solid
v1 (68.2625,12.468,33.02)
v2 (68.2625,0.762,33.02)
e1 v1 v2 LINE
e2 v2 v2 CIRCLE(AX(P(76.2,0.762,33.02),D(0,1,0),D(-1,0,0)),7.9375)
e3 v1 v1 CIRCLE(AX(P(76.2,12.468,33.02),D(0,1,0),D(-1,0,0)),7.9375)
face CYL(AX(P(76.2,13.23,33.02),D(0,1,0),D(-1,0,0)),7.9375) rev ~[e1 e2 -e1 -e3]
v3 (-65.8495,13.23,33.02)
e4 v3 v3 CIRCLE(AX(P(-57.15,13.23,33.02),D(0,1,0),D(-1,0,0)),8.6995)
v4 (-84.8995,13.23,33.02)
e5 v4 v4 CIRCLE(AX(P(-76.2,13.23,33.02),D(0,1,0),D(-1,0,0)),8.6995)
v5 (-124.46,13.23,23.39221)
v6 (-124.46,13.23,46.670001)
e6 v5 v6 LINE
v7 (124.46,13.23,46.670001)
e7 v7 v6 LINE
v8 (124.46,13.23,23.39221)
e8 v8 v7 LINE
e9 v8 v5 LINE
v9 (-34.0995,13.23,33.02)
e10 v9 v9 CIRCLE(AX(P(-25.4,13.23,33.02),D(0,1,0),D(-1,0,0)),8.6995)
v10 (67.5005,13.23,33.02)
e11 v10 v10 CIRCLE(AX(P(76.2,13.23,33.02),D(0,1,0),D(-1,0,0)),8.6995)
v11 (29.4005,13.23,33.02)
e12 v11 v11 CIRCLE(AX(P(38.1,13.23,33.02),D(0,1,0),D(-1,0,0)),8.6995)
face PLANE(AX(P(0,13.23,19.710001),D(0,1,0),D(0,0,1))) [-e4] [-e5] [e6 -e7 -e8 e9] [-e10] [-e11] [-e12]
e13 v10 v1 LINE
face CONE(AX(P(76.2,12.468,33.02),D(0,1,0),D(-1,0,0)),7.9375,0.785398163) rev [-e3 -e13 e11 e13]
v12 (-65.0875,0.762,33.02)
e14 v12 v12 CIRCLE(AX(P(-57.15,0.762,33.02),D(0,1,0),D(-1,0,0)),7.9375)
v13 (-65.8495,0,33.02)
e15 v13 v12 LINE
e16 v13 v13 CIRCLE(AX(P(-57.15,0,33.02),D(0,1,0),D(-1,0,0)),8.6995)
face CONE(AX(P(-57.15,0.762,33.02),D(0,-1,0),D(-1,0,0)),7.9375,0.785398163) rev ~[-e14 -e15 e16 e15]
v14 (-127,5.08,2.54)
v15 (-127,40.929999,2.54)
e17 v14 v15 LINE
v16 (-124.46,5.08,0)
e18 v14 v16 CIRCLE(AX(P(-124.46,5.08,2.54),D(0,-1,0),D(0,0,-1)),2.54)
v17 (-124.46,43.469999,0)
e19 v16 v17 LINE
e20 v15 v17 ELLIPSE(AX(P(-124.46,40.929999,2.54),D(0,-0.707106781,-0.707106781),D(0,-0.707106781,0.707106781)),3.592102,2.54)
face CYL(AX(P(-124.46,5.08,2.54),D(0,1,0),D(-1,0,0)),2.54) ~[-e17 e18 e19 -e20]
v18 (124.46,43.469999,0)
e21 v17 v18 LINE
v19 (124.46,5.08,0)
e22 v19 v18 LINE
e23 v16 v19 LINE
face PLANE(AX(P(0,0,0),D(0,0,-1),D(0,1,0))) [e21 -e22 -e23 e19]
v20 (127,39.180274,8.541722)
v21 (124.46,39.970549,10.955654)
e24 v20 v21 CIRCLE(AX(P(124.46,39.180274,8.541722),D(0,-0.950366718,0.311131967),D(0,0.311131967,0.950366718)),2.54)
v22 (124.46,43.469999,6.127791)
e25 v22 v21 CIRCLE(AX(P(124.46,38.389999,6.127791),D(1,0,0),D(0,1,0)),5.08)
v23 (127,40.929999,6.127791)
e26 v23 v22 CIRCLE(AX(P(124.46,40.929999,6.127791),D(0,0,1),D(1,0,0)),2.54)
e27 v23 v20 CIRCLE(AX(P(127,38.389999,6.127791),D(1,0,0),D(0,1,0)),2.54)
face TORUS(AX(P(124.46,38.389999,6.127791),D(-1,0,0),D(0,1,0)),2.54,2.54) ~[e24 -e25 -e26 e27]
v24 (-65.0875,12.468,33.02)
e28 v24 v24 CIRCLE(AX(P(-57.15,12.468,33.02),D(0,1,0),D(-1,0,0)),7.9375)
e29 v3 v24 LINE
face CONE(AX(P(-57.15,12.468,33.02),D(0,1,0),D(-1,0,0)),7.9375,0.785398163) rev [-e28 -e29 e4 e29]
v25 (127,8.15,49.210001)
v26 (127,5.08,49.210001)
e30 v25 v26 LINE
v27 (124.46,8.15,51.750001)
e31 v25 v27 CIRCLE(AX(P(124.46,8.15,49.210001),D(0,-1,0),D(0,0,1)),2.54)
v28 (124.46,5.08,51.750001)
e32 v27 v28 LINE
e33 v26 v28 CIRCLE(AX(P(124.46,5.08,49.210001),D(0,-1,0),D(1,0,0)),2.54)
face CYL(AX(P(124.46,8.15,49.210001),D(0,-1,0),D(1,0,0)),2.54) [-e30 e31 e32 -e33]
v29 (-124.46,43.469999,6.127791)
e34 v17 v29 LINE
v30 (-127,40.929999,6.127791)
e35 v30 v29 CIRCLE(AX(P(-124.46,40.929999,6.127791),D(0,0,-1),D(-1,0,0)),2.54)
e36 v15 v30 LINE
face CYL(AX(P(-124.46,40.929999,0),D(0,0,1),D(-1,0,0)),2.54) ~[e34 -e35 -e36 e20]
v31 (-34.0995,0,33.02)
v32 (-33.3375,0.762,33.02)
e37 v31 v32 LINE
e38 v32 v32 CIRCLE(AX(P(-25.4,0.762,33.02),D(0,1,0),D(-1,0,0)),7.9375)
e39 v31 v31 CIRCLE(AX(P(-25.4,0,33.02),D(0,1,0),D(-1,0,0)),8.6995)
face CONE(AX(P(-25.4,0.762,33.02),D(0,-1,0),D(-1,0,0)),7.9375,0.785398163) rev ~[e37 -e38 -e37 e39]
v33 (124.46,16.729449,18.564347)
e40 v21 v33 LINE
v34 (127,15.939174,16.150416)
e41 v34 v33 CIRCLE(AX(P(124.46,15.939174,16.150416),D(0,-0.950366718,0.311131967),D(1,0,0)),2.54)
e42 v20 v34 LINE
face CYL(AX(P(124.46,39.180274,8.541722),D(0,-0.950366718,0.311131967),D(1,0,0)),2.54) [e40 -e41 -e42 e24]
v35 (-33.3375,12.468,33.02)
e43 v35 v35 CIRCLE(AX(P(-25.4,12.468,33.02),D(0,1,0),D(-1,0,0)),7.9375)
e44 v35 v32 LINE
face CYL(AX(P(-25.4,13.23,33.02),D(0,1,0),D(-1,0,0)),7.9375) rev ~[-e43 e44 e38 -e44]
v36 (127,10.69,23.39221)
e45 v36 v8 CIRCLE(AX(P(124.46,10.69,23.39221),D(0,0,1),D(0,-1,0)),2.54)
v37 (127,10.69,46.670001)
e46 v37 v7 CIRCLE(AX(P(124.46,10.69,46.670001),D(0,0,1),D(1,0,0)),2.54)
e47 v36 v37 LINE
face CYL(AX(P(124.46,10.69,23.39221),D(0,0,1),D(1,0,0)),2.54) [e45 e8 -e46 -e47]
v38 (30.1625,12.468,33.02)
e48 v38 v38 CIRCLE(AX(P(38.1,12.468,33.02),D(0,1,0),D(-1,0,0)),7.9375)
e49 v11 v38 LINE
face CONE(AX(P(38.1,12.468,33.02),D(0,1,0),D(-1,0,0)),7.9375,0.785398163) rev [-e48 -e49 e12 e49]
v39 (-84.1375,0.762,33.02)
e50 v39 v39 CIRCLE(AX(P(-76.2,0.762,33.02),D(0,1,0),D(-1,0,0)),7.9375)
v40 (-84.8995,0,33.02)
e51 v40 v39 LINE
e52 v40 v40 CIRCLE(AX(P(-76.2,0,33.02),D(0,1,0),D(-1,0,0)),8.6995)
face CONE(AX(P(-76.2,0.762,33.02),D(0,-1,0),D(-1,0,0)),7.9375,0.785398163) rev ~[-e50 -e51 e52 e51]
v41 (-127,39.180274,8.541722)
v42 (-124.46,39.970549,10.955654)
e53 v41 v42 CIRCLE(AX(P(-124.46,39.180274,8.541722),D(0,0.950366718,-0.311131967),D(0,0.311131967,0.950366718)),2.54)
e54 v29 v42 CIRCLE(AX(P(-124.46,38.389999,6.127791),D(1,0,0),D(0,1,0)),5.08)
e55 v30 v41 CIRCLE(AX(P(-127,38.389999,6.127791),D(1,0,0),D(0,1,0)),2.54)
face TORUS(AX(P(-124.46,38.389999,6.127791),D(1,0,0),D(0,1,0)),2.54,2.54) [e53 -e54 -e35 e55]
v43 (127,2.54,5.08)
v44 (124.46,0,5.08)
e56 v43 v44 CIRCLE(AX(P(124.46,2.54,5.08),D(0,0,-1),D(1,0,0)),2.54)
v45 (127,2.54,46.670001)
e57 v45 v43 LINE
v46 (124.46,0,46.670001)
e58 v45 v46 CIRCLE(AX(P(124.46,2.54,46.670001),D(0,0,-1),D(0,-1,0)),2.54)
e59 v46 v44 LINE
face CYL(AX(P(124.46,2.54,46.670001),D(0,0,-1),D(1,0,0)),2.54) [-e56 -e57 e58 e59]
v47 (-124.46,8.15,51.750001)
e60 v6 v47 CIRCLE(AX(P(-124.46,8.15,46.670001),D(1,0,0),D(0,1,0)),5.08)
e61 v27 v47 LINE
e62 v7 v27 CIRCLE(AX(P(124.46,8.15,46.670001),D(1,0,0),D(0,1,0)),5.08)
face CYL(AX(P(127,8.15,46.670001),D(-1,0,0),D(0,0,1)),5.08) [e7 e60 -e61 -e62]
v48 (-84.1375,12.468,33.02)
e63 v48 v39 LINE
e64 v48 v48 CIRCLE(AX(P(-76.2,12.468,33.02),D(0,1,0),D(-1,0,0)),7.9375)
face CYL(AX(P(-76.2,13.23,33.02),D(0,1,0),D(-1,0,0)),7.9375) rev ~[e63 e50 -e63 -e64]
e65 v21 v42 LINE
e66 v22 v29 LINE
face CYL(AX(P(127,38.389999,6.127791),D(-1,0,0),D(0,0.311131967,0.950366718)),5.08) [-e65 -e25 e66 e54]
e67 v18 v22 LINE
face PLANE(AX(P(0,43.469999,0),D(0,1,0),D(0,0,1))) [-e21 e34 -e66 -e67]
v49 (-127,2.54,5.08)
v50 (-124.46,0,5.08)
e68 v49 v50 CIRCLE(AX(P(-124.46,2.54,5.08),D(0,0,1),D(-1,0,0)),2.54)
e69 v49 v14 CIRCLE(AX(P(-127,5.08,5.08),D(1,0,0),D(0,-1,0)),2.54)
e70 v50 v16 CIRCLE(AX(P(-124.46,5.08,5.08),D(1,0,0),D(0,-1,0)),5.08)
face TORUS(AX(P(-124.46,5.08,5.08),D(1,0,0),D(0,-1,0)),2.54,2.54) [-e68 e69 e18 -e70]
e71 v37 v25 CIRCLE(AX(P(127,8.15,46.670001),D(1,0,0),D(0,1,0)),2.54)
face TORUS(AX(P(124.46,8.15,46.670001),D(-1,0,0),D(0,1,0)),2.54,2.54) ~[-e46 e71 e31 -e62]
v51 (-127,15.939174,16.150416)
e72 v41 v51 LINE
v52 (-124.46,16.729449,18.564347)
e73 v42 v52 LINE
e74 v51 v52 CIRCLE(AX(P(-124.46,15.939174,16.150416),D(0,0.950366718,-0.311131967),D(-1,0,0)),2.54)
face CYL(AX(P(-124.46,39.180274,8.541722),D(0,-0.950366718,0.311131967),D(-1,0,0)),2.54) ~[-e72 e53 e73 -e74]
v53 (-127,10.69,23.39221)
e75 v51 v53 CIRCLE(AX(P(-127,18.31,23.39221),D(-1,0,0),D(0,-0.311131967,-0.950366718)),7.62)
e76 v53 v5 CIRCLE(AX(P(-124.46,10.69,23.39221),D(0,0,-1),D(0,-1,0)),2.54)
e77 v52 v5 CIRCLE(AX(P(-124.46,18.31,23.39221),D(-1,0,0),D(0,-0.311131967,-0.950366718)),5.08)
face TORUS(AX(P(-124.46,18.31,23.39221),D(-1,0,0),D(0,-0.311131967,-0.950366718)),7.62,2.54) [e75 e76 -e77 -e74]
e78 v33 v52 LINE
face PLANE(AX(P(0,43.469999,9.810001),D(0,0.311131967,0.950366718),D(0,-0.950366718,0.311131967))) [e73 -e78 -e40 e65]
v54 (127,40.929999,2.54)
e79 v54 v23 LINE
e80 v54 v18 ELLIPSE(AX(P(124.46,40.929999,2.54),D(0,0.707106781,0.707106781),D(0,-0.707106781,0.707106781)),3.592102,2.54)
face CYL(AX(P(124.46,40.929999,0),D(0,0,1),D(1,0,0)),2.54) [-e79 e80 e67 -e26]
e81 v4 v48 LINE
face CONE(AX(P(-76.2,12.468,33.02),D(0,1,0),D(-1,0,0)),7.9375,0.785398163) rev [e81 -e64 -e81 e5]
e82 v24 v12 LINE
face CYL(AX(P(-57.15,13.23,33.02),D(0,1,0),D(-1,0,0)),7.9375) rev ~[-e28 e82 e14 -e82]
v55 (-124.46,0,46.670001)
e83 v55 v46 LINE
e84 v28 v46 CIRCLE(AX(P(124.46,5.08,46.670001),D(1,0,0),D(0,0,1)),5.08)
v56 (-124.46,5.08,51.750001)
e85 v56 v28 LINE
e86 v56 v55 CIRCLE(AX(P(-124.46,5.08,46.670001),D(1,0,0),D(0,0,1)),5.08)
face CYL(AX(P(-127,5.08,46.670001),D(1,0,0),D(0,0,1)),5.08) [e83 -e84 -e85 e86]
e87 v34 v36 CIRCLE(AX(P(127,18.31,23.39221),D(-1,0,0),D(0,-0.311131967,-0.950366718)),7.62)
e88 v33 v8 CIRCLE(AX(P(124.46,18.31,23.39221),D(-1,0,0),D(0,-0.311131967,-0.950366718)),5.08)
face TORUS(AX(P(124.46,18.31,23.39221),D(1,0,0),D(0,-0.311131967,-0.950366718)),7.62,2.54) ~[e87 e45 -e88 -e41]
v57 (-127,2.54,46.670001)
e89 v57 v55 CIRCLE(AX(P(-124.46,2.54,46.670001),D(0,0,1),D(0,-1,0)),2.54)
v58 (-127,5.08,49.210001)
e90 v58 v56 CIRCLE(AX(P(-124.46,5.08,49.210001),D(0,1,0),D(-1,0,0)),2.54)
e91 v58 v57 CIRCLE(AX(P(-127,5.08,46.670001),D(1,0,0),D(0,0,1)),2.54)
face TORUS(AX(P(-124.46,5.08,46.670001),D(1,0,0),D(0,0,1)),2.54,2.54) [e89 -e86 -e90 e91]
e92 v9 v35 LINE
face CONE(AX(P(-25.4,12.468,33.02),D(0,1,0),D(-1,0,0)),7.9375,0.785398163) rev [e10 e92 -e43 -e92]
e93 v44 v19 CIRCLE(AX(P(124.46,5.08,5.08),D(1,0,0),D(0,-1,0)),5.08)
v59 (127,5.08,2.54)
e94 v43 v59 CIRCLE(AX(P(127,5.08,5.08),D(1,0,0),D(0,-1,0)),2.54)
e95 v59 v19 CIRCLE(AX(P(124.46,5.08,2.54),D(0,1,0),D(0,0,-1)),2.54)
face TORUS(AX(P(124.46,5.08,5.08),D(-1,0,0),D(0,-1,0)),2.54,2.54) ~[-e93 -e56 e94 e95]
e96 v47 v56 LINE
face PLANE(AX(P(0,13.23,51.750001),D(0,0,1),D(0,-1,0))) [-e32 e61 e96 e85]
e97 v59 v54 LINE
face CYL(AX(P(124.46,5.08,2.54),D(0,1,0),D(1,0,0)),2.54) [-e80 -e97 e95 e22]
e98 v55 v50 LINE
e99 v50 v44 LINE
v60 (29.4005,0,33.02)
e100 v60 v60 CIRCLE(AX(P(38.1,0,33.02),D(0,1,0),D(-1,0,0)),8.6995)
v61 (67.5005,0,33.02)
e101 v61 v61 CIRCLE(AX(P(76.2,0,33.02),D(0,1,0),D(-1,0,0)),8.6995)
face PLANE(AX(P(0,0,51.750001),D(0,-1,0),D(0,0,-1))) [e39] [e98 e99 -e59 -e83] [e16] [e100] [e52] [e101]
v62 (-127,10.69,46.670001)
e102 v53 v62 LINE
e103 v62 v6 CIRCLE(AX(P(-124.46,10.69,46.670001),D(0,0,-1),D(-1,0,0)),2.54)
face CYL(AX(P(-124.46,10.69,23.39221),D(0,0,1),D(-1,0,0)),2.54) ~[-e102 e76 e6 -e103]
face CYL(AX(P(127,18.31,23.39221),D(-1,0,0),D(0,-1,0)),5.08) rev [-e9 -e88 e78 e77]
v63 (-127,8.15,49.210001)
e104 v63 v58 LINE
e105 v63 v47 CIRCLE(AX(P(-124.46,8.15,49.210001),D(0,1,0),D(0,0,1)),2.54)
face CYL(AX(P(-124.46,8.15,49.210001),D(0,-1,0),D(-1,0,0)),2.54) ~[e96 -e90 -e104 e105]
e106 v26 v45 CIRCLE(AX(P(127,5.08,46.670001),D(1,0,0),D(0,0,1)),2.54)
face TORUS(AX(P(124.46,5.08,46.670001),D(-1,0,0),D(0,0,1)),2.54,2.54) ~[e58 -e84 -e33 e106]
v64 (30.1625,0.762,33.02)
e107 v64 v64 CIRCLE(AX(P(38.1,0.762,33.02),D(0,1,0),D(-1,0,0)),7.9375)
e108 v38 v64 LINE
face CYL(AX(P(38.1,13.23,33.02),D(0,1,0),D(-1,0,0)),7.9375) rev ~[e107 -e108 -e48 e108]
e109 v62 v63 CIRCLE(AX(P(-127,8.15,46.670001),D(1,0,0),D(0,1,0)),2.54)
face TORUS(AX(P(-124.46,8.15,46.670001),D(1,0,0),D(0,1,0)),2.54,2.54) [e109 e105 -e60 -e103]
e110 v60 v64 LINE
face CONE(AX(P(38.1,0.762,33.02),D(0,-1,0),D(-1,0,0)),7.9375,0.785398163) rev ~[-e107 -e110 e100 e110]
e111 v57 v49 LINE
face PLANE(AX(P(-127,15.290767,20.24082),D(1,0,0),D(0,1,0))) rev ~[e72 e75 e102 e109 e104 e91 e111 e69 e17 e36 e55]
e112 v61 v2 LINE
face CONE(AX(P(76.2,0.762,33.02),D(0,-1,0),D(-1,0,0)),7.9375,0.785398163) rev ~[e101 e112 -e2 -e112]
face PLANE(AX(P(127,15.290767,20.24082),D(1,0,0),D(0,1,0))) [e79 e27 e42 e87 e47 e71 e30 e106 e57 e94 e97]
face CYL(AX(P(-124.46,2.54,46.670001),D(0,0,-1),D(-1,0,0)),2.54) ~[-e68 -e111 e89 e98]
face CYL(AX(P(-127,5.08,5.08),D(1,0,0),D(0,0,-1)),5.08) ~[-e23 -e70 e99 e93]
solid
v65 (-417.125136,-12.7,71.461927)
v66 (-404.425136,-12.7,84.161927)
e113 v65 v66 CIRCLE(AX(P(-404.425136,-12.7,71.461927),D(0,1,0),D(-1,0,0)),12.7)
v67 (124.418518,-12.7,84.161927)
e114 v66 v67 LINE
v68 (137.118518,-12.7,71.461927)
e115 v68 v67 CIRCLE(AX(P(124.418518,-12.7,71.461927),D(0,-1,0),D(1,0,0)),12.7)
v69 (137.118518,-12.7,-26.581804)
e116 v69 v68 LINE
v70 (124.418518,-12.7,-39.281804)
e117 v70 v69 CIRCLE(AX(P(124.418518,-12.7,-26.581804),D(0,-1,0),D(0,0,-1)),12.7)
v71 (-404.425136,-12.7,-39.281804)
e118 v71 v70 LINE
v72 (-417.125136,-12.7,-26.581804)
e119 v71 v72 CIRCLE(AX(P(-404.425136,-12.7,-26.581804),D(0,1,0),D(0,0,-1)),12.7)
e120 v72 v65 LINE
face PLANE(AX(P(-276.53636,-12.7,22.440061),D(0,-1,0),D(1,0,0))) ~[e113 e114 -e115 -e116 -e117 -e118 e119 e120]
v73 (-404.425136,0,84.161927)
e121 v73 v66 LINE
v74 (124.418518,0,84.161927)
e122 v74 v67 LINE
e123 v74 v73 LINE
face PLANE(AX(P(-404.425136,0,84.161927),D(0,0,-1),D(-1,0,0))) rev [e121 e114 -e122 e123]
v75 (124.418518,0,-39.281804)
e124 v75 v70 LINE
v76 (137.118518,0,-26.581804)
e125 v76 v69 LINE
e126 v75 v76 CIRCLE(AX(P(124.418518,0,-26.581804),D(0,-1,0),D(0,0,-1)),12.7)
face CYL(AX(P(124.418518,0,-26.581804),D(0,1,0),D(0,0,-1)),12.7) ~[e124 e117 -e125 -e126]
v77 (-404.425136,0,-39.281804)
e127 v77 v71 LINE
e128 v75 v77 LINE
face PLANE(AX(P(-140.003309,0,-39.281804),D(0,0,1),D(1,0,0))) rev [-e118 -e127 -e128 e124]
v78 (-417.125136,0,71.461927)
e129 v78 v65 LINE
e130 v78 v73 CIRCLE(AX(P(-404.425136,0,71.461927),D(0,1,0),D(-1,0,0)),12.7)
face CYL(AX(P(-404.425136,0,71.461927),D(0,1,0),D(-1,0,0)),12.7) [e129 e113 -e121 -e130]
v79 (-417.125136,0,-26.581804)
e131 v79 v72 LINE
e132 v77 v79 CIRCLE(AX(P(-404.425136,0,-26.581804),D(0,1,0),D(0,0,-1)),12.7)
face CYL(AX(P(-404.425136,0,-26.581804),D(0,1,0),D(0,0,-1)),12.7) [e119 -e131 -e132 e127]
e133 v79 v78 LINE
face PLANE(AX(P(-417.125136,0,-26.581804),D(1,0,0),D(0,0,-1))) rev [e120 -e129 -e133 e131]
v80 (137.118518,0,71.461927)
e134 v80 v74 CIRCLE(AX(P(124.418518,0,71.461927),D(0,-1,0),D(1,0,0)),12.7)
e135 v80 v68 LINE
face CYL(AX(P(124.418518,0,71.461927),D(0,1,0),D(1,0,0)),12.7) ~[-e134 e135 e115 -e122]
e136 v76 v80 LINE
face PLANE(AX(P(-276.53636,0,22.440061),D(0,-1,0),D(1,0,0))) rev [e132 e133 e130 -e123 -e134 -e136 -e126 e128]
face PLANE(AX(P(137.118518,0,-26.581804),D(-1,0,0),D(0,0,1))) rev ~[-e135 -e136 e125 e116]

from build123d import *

# Parameters (mm, degrees)
F1_DEPTH = 127
F2_R     = 5.08
F3_R     = 2.54
F4_R     = 7.9375
F5_DEPTH = 13.2299996912
F6_SIZE  = 0.762
F8_DEPTH = 12.7


with BuildPart() as f1:
    # F0 (on Right) → F1 (new body, symmetric)
    with BuildSketch(Plane.YZ):
        Polygon((13.2299996912, 51.7500005662), (0, 51.7500005662), (0, 0), (13.2299996912, 0), (43.4699989855, 0), (43.4699989855, 9.810000658), (13.2299996912, 19.7100006044), align=None)
    extrude(amount=F1_DEPTH, both=True)

    # F2
    f2_edges = [f1.edges().sort_by_distance(p)[0] for p in [
        (0, 0, 51.750001),
        (0, 0, 0),
        (0, 43.469999, 9.810001),
        (0, 13.23, 51.750001),
        (0, 13.23, 19.710001),
    ]]
    fillet(f2_edges, radius=F2_R)

    # F3
    f3_edges = [f1.edges().sort_by_distance(p)[0] for p in [
        (-127, 0, 25.875),
        (127, 0, 25.875),
    ]]
    fillet(f3_edges, radius=F3_R)

    # F4 (on face) → F5 (cut, through all)
    with BuildSketch(Plane(origin=(0, 13.2299996912, 0), x_dir=(-1, 0, 0), z_dir=(0, 1, 0))):
        with Locations((-76.2, 33.02)):
            Circle(F4_R)
        with Locations((-38.1, 33.02)):
            Circle(F4_R)
        with Locations((25.4, 33.02)):
            Circle(F4_R)
        with Locations((57.15, 33.02)):
            Circle(F4_R)
        with Locations((76.2, 33.02)):
            Circle(F4_R)
    extrude(amount=-F5_DEPTH, mode=Mode.SUBTRACT)

    # F6
    f6_edges = [f1.edges().sort_by_distance(p)[0] for p in [
        (68.2625, 6.615, 33.02),
        (84.1375, 13.23, 33.02),
        (84.1375, 0, 33.02),
        (30.1625, 6.615, 33.02),
        (46.0375, 13.23, 33.02),
        (46.0375, 0, 33.02),
        (-33.3375, 6.615, 33.02),
        (-17.4625, 13.23, 33.02),
        (-17.4625, 0, 33.02),
        (-65.0875, 6.615, 33.02),
        (-49.2125, 13.23, 33.02),
        (-49.2125, 0, 33.02),
        (-84.1375, 6.615, 33.02),
        (-68.2625, 13.23, 33.02),
        (-68.2625, 0, 33.02),
    ]]
    chamfer(f6_edges, length=F6_SIZE)


with BuildPart() as f8:
    # F7 (on Front) → F8 (new body)
    with BuildSketch(Plane.XZ):
        with BuildLine():
            ThreePointArc((137.1185183525, 71.4619266033), (133.3987744736, 80.4421827244), (124.4185183525, 84.1619266033))
            Line((124.4185183525, 84.1619266033), (-140.0033086538, 84.1619266033))
            Line((-140.0033086538, 84.1619266033), (-140.0033086538, -39.2818041146))
            Line((-140.0033086538, -39.2818041146), (124.4185183525, -39.2818041146))
            ThreePointArc((124.4185183525, -39.2818041146), (133.3987744736, -35.5620602356), (137.1185183525, -26.5818041146))
            Line((137.1185183525, -26.5818041146), (137.1185183525, 71.4619266033))
        make_face()
    extrude(amount=F8_DEPTH)

    # F9: F8 across face


with BuildPart() as f8_1:
    add(f8.part)
    add(f8.part.mirror(Plane(origin=(-140.0033086538, -6.35, 22.4400612444), x_dir=(0, -1, 0), z_dir=(-1, 0, 0))))


solid = Compound([f1.part, f8_1.part])
